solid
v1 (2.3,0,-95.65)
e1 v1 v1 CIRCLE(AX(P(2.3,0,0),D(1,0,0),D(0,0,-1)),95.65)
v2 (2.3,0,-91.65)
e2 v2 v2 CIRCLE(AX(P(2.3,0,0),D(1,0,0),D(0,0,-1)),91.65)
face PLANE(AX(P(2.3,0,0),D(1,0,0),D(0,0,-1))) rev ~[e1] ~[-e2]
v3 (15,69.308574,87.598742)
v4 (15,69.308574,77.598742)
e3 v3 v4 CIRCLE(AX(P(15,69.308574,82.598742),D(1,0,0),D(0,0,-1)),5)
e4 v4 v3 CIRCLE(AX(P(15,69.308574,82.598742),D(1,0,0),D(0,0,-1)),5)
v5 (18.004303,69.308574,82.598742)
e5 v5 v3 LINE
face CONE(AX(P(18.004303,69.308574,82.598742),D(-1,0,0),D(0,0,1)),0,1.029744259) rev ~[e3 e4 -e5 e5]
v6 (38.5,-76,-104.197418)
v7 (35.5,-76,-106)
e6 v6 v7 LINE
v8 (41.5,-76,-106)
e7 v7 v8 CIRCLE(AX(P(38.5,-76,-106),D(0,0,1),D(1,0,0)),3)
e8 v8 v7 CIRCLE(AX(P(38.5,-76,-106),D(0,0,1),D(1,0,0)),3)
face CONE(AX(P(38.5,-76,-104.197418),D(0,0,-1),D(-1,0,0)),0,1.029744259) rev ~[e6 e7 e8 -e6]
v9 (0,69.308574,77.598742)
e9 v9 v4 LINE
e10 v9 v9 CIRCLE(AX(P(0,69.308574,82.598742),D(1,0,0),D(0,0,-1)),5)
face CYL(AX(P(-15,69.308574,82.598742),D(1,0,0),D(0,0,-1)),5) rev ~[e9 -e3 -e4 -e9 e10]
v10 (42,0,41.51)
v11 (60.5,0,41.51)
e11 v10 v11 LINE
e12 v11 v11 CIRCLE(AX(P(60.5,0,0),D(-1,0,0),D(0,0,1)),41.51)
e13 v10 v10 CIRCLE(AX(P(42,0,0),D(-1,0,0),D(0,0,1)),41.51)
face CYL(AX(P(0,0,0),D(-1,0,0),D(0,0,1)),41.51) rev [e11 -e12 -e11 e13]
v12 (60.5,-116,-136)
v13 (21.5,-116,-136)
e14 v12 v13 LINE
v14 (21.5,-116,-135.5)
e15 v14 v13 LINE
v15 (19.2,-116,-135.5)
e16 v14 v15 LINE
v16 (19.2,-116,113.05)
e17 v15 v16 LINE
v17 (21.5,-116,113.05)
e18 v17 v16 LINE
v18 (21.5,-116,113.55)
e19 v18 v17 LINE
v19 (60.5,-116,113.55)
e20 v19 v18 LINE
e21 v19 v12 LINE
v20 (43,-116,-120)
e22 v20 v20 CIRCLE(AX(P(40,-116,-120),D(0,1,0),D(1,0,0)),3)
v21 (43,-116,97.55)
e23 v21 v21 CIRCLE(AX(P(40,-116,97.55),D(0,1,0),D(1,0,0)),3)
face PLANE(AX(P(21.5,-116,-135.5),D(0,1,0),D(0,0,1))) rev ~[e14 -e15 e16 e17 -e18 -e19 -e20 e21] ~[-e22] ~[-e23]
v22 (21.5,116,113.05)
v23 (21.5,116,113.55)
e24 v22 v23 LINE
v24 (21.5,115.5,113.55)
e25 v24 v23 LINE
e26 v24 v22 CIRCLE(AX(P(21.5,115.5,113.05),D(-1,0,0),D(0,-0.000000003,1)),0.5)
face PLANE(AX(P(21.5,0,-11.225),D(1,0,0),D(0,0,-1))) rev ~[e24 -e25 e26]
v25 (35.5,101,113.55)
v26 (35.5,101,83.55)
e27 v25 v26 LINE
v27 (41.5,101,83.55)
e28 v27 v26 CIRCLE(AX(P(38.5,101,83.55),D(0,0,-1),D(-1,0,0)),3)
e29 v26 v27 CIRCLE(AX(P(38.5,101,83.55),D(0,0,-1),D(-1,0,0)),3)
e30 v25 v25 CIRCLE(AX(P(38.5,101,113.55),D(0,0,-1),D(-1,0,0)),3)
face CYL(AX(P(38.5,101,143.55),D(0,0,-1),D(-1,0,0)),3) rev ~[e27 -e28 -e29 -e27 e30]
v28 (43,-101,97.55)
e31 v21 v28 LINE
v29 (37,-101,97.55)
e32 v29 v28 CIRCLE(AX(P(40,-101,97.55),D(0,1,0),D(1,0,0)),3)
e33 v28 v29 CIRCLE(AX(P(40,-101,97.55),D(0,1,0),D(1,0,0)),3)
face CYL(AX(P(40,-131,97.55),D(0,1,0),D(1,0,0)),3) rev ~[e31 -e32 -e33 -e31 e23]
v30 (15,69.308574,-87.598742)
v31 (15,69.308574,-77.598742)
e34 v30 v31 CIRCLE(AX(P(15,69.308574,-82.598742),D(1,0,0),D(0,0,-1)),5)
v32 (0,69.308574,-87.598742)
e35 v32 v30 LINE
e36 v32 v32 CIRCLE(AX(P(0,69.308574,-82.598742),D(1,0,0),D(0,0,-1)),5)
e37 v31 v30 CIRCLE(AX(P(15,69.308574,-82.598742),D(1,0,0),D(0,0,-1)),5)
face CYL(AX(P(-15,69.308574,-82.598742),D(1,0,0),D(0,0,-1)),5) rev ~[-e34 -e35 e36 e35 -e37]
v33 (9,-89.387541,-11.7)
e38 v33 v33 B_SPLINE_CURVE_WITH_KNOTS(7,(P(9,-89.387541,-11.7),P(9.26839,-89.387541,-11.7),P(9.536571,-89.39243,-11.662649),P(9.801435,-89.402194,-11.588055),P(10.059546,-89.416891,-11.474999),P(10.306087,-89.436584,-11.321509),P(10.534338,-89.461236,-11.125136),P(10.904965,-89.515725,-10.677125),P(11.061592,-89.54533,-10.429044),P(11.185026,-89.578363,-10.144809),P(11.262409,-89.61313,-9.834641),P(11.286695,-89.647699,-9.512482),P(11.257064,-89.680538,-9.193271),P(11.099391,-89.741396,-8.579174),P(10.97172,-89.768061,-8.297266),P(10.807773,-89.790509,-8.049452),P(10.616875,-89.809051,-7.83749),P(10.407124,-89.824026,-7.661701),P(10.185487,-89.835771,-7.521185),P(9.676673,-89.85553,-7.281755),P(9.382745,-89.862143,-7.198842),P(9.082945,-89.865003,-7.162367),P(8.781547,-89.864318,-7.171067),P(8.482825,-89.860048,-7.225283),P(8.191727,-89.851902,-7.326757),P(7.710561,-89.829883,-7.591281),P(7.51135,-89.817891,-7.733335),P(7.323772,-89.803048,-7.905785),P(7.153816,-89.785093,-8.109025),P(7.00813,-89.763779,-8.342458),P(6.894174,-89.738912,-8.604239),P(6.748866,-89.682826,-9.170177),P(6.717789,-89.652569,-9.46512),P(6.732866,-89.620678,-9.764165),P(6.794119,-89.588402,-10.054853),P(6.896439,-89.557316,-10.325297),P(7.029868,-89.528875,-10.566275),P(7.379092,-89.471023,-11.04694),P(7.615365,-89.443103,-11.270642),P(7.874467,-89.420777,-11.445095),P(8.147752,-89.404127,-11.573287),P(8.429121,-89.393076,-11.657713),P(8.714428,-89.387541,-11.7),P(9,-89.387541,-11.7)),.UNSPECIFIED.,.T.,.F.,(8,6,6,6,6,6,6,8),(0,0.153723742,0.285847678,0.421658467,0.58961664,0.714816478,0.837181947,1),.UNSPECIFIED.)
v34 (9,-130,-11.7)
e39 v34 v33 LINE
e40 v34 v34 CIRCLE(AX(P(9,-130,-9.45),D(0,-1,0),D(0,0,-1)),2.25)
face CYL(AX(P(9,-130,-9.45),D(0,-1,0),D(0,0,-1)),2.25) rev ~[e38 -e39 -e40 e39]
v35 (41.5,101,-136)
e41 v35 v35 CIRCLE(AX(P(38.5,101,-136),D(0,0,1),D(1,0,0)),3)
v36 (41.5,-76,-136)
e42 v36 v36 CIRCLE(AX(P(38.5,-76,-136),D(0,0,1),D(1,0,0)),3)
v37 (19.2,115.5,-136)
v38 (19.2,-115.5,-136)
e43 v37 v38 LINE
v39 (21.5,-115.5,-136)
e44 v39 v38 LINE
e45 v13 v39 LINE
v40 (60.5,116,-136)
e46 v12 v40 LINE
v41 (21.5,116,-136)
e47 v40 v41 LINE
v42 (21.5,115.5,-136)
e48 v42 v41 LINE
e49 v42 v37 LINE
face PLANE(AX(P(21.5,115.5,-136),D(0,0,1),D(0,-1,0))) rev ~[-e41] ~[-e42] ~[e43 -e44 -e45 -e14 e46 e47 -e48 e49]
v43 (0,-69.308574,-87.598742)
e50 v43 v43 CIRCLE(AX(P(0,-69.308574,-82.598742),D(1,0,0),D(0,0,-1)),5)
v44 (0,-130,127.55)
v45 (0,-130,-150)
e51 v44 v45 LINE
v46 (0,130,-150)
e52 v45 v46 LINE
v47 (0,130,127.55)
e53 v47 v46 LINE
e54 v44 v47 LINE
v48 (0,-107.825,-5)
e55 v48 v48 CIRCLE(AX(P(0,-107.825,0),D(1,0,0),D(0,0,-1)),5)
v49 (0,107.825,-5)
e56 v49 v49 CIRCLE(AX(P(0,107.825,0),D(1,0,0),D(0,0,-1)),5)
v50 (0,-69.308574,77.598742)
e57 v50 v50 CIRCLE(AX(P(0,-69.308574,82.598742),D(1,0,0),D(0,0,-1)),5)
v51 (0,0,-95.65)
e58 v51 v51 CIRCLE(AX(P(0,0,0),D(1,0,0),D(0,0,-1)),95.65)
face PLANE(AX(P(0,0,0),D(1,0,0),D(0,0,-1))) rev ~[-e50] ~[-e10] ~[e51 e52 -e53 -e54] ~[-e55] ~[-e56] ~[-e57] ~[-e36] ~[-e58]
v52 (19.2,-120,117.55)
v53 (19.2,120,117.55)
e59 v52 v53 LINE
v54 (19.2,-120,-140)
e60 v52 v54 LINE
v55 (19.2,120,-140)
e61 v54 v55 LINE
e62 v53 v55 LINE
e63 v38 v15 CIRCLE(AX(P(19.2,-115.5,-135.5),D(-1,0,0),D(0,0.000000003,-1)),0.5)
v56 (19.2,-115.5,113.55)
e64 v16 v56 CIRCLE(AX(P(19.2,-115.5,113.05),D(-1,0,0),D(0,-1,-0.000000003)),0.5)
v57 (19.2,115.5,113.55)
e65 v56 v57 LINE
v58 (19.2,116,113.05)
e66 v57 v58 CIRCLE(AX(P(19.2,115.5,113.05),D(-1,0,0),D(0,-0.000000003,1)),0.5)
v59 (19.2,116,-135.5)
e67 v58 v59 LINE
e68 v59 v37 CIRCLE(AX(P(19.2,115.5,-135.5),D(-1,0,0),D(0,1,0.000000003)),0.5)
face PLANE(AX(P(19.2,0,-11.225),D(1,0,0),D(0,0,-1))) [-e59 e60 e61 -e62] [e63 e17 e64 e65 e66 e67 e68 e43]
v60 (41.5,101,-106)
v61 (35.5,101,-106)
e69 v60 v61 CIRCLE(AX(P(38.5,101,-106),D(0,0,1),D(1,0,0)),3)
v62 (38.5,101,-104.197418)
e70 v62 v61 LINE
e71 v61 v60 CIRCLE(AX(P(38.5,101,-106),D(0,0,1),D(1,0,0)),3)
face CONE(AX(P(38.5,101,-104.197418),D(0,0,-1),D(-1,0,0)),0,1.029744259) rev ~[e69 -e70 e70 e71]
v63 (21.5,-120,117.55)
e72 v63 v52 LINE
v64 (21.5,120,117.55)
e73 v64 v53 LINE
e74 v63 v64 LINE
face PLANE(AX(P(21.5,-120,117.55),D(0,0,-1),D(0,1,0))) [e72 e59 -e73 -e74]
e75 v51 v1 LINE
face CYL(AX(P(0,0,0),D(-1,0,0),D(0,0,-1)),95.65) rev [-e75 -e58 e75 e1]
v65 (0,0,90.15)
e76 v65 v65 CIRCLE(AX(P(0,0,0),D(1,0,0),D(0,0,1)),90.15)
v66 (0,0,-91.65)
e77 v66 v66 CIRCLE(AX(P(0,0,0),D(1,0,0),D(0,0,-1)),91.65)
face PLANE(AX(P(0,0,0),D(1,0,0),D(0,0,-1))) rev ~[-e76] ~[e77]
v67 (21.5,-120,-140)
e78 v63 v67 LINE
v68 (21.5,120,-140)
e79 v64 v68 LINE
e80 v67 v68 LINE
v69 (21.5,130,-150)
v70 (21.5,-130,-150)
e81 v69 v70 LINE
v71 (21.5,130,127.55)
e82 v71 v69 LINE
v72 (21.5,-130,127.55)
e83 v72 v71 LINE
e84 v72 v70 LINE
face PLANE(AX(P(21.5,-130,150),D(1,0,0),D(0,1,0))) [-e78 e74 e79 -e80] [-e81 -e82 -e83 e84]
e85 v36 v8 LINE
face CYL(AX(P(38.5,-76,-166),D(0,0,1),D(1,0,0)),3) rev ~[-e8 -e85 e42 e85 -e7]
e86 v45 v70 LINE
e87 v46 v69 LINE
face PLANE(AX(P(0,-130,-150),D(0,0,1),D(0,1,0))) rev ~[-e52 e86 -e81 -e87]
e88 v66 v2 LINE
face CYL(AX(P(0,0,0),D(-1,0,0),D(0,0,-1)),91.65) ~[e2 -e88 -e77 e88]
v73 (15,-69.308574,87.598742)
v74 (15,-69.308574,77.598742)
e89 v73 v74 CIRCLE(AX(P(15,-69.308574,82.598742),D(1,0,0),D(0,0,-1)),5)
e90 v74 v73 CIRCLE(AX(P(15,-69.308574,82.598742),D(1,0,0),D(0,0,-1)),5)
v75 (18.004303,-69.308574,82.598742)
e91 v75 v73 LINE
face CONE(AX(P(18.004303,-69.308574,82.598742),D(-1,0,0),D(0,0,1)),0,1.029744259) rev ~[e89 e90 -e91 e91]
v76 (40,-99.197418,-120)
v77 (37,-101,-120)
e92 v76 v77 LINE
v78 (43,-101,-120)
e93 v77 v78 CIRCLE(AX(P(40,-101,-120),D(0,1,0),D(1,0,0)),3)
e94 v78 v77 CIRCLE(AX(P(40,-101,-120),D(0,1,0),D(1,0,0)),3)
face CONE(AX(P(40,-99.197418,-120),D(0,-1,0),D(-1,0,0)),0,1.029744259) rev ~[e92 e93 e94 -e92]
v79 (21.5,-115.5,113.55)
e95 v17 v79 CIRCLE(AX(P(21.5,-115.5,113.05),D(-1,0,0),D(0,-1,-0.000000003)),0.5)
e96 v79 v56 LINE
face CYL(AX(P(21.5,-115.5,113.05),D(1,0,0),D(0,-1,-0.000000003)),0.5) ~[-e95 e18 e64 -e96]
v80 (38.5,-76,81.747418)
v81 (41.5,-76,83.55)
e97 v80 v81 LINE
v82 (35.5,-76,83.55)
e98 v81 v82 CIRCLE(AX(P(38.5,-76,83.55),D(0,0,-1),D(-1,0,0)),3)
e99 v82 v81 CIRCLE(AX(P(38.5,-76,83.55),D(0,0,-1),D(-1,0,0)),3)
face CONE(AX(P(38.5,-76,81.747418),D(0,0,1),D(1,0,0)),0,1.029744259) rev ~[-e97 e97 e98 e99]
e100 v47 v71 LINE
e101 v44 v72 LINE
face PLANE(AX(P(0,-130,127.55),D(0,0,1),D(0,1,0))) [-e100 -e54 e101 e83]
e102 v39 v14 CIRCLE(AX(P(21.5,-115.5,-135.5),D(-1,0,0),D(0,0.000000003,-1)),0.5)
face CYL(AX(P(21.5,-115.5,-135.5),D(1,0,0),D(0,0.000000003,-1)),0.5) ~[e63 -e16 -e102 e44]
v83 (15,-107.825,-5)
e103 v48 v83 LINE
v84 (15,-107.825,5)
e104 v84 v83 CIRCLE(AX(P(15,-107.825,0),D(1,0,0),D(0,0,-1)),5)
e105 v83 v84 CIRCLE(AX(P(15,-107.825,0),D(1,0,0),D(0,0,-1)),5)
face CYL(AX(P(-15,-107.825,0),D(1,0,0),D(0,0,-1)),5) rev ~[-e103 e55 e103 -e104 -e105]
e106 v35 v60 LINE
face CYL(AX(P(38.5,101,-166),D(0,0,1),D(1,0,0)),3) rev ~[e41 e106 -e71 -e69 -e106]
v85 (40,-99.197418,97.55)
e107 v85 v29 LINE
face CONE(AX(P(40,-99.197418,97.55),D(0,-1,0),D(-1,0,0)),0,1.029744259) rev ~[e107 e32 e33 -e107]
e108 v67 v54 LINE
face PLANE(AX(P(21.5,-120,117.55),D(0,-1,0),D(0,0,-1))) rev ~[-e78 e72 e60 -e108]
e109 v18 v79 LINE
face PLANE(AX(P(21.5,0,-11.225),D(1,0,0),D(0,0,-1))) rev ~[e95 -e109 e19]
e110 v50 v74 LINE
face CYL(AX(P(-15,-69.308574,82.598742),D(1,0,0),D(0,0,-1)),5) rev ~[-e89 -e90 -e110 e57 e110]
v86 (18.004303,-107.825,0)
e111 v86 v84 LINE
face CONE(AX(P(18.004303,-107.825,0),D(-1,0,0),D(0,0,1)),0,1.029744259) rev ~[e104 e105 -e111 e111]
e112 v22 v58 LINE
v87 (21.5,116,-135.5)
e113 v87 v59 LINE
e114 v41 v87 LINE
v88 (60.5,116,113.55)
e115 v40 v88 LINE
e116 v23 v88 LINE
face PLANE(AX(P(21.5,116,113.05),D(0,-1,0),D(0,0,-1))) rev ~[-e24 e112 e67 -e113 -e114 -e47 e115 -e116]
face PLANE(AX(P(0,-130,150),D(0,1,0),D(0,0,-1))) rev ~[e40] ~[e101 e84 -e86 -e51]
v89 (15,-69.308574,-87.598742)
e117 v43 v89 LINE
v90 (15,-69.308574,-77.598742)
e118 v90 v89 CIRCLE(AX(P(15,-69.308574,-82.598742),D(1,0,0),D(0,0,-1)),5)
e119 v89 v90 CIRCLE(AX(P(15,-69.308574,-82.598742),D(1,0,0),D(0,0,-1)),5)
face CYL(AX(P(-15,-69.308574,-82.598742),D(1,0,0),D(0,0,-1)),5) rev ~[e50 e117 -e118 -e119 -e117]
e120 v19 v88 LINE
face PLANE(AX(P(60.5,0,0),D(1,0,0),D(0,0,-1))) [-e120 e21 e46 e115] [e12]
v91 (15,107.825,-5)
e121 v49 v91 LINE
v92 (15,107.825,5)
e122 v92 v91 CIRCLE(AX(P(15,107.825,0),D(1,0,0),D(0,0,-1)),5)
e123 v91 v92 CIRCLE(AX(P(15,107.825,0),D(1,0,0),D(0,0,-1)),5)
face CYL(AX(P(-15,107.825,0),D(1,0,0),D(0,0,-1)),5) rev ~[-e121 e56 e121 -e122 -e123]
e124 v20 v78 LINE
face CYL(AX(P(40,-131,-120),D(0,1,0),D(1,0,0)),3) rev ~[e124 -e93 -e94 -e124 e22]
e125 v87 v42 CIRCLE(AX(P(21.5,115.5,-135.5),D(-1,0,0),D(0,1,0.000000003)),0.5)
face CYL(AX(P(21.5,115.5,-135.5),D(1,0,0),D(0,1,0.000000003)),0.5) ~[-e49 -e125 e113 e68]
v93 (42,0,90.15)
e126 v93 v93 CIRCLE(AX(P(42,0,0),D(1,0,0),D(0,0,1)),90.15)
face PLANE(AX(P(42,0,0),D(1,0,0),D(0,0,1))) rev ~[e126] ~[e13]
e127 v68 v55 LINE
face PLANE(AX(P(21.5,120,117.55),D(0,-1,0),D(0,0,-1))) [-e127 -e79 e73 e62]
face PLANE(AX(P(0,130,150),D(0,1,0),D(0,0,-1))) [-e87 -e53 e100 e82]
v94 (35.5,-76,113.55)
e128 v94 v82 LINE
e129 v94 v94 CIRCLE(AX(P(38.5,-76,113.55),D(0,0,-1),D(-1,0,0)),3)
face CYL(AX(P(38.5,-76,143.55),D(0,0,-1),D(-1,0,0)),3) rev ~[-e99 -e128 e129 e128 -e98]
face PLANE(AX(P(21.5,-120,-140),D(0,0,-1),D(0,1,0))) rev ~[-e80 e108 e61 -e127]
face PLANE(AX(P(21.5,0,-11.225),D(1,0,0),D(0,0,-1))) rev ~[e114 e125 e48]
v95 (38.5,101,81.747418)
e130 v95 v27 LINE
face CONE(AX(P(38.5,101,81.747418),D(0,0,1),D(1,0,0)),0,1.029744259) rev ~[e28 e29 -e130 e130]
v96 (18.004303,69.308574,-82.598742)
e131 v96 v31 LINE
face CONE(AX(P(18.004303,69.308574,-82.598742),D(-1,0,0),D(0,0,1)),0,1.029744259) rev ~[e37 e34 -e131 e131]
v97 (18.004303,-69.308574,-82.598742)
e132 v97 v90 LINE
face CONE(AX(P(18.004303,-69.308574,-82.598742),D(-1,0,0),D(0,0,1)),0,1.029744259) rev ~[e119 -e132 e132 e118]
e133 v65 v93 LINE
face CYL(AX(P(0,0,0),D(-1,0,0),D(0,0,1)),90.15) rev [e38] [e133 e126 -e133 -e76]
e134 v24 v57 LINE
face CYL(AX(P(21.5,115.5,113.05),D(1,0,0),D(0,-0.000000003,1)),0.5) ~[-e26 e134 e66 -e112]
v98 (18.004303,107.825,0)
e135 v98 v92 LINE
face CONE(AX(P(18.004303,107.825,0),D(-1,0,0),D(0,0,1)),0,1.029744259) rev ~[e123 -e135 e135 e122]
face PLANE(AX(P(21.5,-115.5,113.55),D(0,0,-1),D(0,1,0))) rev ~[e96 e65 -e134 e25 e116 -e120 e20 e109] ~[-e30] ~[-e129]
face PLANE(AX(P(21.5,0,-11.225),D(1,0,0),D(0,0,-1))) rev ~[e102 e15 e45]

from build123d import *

# Parameters (mm, degrees)
SKETCH1_W                  = 300
SKETCH1_H                  = 260
BOSS_EXTRUDE1_DEPTH        = 60.5
SKETCH2_R                  = 90.15
CUT_EXTRUDE1_DEPTH         = 42
SKETCH9_R                  = 41.51
CUT_EXTRUDE9_DEPTH         = 306
SKETCH12_W                 = 39
SKETCH12_H                 = 260
CUT_EXTRUDE12_DEPTH        = 36.45
SKETCH13_W                 = 39
SKETCH13_H                 = 260
CUT_EXTRUDE13_DEPTH        = 14
SKETCH14_W                 = 39
SKETCH14_H                 = 249.55
CUT_EXTRUDE14_DEPTH        = 14
SKETCH15_W                 = 22.45
SKETCH15_H                 = 260
CUT_EXTRUDE15_DEPTH        = 208.50963833
F_6_0MM_DOWEL_HOLE1_D      = 6
F_6_0MM_DOWEL_HOLE1_DEPTH  = 30
F_6_0MM_DOWEL_HOLE1_TIP    = 1.802581857
F_6_0MM_DOWEL_HOLE2_D      = 6
F_6_0MM_DOWEL_HOLE2_DEPTH  = 30
F_6_0MM_DOWEL_HOLE2_TIP    = 1.802581857
F_6_0MM_DOWEL_HOLE3_D      = 6
F_6_0MM_DOWEL_HOLE3_DEPTH  = 15
F_6_0MM_DOWEL_HOLE3_TIP    = 1.802581857
SKETCH25_W                 = 39
SKETCH25_H                 = 14
CUT_EXTRUDE16_DEPTH        = 313.400788251
SKETCH26_W                 = 257.55
SKETCH26_H                 = 240
CUT_EXTRUDE17_DEPTH        = 2.3
F_10_0MM_DOWEL_HOLE1_D     = 10
F_10_0MM_DOWEL_HOLE1_DEPTH = 15
F_10_0MM_DOWEL_HOLE1_TIP   = 3.004303095
SKETCH31_R                 = 95.65
SKETCH31_R_2               = 91.65
CUT_EXTRUDE18_DEPTH        = 2.3
SKETCH32_R                 = 2.25
CUT_EXTRUDE19_DEPTH        = 68


with BuildPart() as part:
    # Sketch1 → Boss-Extrude1 (new body)
    with BuildSketch(Plane(origin=(0, 0, 0), x_dir=(0, 0, -1), z_dir=(1, 0, 0))):
        Rectangle(SKETCH1_W, SKETCH1_H)
    extrude(amount=BOSS_EXTRUDE1_DEPTH)

    # Sketch2 → Cut-Extrude1 (cut)
    with BuildSketch(Plane(origin=(0, 0, 0), x_dir=(0, 0, -1), z_dir=(1, 0, 0))):
        with Locations(Location((0, 0, 0), (0, 0, 180))):
            Circle(SKETCH2_R)
    extrude(amount=CUT_EXTRUDE1_DEPTH, mode=Mode.SUBTRACT)

    # Sketch9 → Cut-Extrude9 (cut)
    with BuildSketch(Plane(origin=(0, 0, 0), x_dir=(0, 0, -1), z_dir=(1, 0, 0))):
        with Locations(Location((0, 0, 0), (0, 0, 180))):
            Circle(SKETCH9_R)
    extrude(amount=CUT_EXTRUDE9_DEPTH, mode=Mode.SUBTRACT)

    # Sketch12 → Cut-Extrude12 (cut)
    with BuildSketch(Plane.XY.offset(150)):
        with Locations((41, 0)):
            Rectangle(SKETCH12_W, SKETCH12_H)
    extrude(amount=-CUT_EXTRUDE12_DEPTH, mode=Mode.SUBTRACT)

    # Sketch13 → Cut-Extrude13 (cut)
    with BuildSketch(Plane(origin=(0, 0, -150), x_dir=(-1, 0, 0), z_dir=(0, 0, -1))):
        with Locations((-41, 0)):
            Rectangle(SKETCH13_W, SKETCH13_H)
    extrude(amount=-CUT_EXTRUDE13_DEPTH, mode=Mode.SUBTRACT)

    # Sketch14 → Cut-Extrude14 (cut)
    with BuildSketch(Plane(origin=(0, -130, 0), x_dir=(-1, 0, 0), z_dir=(0, -1, 0))):
        with Locations((-41, 11.225)):
            Rectangle(SKETCH14_W, SKETCH14_H)
    extrude(amount=-CUT_EXTRUDE14_DEPTH, mode=Mode.SUBTRACT)

    # Sketch15 → Cut-Extrude15 (cut, through all)
    with BuildSketch(Plane(origin=(0, 0, 0), x_dir=(0, 0, -1), z_dir=(1, 0, 0))):
        with Locations((-138.775, 0)):
            Rectangle(SKETCH15_W, SKETCH15_H)
    extrude(amount=CUT_EXTRUDE15_DEPTH, mode=Mode.SUBTRACT)

    # Ø6.0mm Dowel Hole1
    with Locations(Plane(origin=(0, 0, -136), x_dir=(-1, 0, 0), z_dir=(0, 0, -1))):
        with Locations((-38.5, 101), (-38.5, -76)):
            Hole(F_6_0MM_DOWEL_HOLE1_D / 2, depth=F_6_0MM_DOWEL_HOLE1_DEPTH)
            with Locations((0, 0, -(F_6_0MM_DOWEL_HOLE1_DEPTH + F_6_0MM_DOWEL_HOLE1_TIP / 2))):  # 118° drill point
                Cone(0, F_6_0MM_DOWEL_HOLE1_D / 2, F_6_0MM_DOWEL_HOLE1_TIP, mode=Mode.SUBTRACT)

    # Ø6.0mm Dowel Hole2
    with Locations(Plane.XY.offset(113.55)):
        with Locations((38.5, 101), (38.5, -76)):
            Hole(F_6_0MM_DOWEL_HOLE2_D / 2, depth=F_6_0MM_DOWEL_HOLE2_DEPTH)
            with Locations((0, 0, -(F_6_0MM_DOWEL_HOLE2_DEPTH + F_6_0MM_DOWEL_HOLE2_TIP / 2))):  # 118° drill point
                Cone(0, F_6_0MM_DOWEL_HOLE2_D / 2, F_6_0MM_DOWEL_HOLE2_TIP, mode=Mode.SUBTRACT)

    # Ø6.0mm Dowel Hole3
    with Locations(Plane(origin=(0, -116, 0), x_dir=(-1, 0, 0), z_dir=(0, -1, 0))):
        with Locations((-40, -97.55), (-40, 120)):
            Hole(F_6_0MM_DOWEL_HOLE3_D / 2, depth=F_6_0MM_DOWEL_HOLE3_DEPTH)
            with Locations((0, 0, -(F_6_0MM_DOWEL_HOLE3_DEPTH + F_6_0MM_DOWEL_HOLE3_TIP / 2))):  # 118° drill point
                Cone(0, F_6_0MM_DOWEL_HOLE3_D / 2, F_6_0MM_DOWEL_HOLE3_TIP, mode=Mode.SUBTRACT)

    # Sketch25 → Cut-Extrude16 (cut, through all)
    with BuildSketch(Plane(origin=(0, 0, -150), x_dir=(-1, 0, 0), z_dir=(0, 0, -1))):
        with Locations((-41, 123)):
            Rectangle(SKETCH25_W, SKETCH25_H)
    extrude(amount=-CUT_EXTRUDE16_DEPTH, mode=Mode.SUBTRACT)

    # Sketch26 → Cut-Extrude17 (cut)
    with BuildSketch(Plane(origin=(21.5, 0, 0), x_dir=(0, 0, -1), z_dir=(1, 0, 0))):
        with Locations((11.225, 0)):
            Rectangle(SKETCH26_W, SKETCH26_H)
        with BuildLine():
            Line((-113.05, 116), (135.5, 116))
            ThreePointArc((135.5, 116), (135.853553391, 115.853553391), (136, 115.5))
            Line((136, 115.5), (136, -115.5))
            ThreePointArc((136, -115.5), (135.853553391, -115.853553391), (135.5, -116))
            Line((135.5, -116), (-113.05, -116))
            ThreePointArc((-113.05, -116), (-113.403553391, -115.853553391), (-113.55, -115.5))
            Line((-113.55, -115.5), (-113.55, 115.5))
            ThreePointArc((-113.55, 115.5), (-113.403553391, 115.853553391), (-113.05, 116))
        make_face(mode=Mode.SUBTRACT)
    extrude(amount=-CUT_EXTRUDE17_DEPTH, mode=Mode.SUBTRACT)

    # Ø10.0mm Dowel Hole1
    with Locations(Plane.ZY):
        with Locations((-82.598742079, 69.308574014), (0, 107.825), (82.598742079, 69.308574014), (82.598742079, -69.308574014), (0, -107.825), (-82.598742079, -69.308574014)):
            Hole(F_10_0MM_DOWEL_HOLE1_D / 2, depth=F_10_0MM_DOWEL_HOLE1_DEPTH)
            with Locations((0, 0, -(F_10_0MM_DOWEL_HOLE1_DEPTH + F_10_0MM_DOWEL_HOLE1_TIP / 2))):  # 118° drill point
                Cone(0, F_10_0MM_DOWEL_HOLE1_D / 2, F_10_0MM_DOWEL_HOLE1_TIP, mode=Mode.SUBTRACT)

    # Sketch31 → Cut-Extrude18 (cut)
    with BuildSketch(Plane(origin=(0, 0, 0), x_dir=(0, 0, -1), z_dir=(1, 0, 0))):
        Circle(SKETCH31_R)
        Circle(SKETCH31_R_2, mode=Mode.SUBTRACT)
    extrude(amount=CUT_EXTRUDE18_DEPTH, mode=Mode.SUBTRACT)

    # Sketch32 → Cut-Extrude19 (cut)
    with BuildSketch(Plane(origin=(0, -130, 0), x_dir=(-1, 0, 0), z_dir=(0, -1, 0))):
        with Locations(Location((-9, 9.45, 0), (0, 0, 90))):
            Circle(SKETCH32_R)
    extrude(amount=-CUT_EXTRUDE19_DEPTH, mode=Mode.SUBTRACT)


solid = part.part
